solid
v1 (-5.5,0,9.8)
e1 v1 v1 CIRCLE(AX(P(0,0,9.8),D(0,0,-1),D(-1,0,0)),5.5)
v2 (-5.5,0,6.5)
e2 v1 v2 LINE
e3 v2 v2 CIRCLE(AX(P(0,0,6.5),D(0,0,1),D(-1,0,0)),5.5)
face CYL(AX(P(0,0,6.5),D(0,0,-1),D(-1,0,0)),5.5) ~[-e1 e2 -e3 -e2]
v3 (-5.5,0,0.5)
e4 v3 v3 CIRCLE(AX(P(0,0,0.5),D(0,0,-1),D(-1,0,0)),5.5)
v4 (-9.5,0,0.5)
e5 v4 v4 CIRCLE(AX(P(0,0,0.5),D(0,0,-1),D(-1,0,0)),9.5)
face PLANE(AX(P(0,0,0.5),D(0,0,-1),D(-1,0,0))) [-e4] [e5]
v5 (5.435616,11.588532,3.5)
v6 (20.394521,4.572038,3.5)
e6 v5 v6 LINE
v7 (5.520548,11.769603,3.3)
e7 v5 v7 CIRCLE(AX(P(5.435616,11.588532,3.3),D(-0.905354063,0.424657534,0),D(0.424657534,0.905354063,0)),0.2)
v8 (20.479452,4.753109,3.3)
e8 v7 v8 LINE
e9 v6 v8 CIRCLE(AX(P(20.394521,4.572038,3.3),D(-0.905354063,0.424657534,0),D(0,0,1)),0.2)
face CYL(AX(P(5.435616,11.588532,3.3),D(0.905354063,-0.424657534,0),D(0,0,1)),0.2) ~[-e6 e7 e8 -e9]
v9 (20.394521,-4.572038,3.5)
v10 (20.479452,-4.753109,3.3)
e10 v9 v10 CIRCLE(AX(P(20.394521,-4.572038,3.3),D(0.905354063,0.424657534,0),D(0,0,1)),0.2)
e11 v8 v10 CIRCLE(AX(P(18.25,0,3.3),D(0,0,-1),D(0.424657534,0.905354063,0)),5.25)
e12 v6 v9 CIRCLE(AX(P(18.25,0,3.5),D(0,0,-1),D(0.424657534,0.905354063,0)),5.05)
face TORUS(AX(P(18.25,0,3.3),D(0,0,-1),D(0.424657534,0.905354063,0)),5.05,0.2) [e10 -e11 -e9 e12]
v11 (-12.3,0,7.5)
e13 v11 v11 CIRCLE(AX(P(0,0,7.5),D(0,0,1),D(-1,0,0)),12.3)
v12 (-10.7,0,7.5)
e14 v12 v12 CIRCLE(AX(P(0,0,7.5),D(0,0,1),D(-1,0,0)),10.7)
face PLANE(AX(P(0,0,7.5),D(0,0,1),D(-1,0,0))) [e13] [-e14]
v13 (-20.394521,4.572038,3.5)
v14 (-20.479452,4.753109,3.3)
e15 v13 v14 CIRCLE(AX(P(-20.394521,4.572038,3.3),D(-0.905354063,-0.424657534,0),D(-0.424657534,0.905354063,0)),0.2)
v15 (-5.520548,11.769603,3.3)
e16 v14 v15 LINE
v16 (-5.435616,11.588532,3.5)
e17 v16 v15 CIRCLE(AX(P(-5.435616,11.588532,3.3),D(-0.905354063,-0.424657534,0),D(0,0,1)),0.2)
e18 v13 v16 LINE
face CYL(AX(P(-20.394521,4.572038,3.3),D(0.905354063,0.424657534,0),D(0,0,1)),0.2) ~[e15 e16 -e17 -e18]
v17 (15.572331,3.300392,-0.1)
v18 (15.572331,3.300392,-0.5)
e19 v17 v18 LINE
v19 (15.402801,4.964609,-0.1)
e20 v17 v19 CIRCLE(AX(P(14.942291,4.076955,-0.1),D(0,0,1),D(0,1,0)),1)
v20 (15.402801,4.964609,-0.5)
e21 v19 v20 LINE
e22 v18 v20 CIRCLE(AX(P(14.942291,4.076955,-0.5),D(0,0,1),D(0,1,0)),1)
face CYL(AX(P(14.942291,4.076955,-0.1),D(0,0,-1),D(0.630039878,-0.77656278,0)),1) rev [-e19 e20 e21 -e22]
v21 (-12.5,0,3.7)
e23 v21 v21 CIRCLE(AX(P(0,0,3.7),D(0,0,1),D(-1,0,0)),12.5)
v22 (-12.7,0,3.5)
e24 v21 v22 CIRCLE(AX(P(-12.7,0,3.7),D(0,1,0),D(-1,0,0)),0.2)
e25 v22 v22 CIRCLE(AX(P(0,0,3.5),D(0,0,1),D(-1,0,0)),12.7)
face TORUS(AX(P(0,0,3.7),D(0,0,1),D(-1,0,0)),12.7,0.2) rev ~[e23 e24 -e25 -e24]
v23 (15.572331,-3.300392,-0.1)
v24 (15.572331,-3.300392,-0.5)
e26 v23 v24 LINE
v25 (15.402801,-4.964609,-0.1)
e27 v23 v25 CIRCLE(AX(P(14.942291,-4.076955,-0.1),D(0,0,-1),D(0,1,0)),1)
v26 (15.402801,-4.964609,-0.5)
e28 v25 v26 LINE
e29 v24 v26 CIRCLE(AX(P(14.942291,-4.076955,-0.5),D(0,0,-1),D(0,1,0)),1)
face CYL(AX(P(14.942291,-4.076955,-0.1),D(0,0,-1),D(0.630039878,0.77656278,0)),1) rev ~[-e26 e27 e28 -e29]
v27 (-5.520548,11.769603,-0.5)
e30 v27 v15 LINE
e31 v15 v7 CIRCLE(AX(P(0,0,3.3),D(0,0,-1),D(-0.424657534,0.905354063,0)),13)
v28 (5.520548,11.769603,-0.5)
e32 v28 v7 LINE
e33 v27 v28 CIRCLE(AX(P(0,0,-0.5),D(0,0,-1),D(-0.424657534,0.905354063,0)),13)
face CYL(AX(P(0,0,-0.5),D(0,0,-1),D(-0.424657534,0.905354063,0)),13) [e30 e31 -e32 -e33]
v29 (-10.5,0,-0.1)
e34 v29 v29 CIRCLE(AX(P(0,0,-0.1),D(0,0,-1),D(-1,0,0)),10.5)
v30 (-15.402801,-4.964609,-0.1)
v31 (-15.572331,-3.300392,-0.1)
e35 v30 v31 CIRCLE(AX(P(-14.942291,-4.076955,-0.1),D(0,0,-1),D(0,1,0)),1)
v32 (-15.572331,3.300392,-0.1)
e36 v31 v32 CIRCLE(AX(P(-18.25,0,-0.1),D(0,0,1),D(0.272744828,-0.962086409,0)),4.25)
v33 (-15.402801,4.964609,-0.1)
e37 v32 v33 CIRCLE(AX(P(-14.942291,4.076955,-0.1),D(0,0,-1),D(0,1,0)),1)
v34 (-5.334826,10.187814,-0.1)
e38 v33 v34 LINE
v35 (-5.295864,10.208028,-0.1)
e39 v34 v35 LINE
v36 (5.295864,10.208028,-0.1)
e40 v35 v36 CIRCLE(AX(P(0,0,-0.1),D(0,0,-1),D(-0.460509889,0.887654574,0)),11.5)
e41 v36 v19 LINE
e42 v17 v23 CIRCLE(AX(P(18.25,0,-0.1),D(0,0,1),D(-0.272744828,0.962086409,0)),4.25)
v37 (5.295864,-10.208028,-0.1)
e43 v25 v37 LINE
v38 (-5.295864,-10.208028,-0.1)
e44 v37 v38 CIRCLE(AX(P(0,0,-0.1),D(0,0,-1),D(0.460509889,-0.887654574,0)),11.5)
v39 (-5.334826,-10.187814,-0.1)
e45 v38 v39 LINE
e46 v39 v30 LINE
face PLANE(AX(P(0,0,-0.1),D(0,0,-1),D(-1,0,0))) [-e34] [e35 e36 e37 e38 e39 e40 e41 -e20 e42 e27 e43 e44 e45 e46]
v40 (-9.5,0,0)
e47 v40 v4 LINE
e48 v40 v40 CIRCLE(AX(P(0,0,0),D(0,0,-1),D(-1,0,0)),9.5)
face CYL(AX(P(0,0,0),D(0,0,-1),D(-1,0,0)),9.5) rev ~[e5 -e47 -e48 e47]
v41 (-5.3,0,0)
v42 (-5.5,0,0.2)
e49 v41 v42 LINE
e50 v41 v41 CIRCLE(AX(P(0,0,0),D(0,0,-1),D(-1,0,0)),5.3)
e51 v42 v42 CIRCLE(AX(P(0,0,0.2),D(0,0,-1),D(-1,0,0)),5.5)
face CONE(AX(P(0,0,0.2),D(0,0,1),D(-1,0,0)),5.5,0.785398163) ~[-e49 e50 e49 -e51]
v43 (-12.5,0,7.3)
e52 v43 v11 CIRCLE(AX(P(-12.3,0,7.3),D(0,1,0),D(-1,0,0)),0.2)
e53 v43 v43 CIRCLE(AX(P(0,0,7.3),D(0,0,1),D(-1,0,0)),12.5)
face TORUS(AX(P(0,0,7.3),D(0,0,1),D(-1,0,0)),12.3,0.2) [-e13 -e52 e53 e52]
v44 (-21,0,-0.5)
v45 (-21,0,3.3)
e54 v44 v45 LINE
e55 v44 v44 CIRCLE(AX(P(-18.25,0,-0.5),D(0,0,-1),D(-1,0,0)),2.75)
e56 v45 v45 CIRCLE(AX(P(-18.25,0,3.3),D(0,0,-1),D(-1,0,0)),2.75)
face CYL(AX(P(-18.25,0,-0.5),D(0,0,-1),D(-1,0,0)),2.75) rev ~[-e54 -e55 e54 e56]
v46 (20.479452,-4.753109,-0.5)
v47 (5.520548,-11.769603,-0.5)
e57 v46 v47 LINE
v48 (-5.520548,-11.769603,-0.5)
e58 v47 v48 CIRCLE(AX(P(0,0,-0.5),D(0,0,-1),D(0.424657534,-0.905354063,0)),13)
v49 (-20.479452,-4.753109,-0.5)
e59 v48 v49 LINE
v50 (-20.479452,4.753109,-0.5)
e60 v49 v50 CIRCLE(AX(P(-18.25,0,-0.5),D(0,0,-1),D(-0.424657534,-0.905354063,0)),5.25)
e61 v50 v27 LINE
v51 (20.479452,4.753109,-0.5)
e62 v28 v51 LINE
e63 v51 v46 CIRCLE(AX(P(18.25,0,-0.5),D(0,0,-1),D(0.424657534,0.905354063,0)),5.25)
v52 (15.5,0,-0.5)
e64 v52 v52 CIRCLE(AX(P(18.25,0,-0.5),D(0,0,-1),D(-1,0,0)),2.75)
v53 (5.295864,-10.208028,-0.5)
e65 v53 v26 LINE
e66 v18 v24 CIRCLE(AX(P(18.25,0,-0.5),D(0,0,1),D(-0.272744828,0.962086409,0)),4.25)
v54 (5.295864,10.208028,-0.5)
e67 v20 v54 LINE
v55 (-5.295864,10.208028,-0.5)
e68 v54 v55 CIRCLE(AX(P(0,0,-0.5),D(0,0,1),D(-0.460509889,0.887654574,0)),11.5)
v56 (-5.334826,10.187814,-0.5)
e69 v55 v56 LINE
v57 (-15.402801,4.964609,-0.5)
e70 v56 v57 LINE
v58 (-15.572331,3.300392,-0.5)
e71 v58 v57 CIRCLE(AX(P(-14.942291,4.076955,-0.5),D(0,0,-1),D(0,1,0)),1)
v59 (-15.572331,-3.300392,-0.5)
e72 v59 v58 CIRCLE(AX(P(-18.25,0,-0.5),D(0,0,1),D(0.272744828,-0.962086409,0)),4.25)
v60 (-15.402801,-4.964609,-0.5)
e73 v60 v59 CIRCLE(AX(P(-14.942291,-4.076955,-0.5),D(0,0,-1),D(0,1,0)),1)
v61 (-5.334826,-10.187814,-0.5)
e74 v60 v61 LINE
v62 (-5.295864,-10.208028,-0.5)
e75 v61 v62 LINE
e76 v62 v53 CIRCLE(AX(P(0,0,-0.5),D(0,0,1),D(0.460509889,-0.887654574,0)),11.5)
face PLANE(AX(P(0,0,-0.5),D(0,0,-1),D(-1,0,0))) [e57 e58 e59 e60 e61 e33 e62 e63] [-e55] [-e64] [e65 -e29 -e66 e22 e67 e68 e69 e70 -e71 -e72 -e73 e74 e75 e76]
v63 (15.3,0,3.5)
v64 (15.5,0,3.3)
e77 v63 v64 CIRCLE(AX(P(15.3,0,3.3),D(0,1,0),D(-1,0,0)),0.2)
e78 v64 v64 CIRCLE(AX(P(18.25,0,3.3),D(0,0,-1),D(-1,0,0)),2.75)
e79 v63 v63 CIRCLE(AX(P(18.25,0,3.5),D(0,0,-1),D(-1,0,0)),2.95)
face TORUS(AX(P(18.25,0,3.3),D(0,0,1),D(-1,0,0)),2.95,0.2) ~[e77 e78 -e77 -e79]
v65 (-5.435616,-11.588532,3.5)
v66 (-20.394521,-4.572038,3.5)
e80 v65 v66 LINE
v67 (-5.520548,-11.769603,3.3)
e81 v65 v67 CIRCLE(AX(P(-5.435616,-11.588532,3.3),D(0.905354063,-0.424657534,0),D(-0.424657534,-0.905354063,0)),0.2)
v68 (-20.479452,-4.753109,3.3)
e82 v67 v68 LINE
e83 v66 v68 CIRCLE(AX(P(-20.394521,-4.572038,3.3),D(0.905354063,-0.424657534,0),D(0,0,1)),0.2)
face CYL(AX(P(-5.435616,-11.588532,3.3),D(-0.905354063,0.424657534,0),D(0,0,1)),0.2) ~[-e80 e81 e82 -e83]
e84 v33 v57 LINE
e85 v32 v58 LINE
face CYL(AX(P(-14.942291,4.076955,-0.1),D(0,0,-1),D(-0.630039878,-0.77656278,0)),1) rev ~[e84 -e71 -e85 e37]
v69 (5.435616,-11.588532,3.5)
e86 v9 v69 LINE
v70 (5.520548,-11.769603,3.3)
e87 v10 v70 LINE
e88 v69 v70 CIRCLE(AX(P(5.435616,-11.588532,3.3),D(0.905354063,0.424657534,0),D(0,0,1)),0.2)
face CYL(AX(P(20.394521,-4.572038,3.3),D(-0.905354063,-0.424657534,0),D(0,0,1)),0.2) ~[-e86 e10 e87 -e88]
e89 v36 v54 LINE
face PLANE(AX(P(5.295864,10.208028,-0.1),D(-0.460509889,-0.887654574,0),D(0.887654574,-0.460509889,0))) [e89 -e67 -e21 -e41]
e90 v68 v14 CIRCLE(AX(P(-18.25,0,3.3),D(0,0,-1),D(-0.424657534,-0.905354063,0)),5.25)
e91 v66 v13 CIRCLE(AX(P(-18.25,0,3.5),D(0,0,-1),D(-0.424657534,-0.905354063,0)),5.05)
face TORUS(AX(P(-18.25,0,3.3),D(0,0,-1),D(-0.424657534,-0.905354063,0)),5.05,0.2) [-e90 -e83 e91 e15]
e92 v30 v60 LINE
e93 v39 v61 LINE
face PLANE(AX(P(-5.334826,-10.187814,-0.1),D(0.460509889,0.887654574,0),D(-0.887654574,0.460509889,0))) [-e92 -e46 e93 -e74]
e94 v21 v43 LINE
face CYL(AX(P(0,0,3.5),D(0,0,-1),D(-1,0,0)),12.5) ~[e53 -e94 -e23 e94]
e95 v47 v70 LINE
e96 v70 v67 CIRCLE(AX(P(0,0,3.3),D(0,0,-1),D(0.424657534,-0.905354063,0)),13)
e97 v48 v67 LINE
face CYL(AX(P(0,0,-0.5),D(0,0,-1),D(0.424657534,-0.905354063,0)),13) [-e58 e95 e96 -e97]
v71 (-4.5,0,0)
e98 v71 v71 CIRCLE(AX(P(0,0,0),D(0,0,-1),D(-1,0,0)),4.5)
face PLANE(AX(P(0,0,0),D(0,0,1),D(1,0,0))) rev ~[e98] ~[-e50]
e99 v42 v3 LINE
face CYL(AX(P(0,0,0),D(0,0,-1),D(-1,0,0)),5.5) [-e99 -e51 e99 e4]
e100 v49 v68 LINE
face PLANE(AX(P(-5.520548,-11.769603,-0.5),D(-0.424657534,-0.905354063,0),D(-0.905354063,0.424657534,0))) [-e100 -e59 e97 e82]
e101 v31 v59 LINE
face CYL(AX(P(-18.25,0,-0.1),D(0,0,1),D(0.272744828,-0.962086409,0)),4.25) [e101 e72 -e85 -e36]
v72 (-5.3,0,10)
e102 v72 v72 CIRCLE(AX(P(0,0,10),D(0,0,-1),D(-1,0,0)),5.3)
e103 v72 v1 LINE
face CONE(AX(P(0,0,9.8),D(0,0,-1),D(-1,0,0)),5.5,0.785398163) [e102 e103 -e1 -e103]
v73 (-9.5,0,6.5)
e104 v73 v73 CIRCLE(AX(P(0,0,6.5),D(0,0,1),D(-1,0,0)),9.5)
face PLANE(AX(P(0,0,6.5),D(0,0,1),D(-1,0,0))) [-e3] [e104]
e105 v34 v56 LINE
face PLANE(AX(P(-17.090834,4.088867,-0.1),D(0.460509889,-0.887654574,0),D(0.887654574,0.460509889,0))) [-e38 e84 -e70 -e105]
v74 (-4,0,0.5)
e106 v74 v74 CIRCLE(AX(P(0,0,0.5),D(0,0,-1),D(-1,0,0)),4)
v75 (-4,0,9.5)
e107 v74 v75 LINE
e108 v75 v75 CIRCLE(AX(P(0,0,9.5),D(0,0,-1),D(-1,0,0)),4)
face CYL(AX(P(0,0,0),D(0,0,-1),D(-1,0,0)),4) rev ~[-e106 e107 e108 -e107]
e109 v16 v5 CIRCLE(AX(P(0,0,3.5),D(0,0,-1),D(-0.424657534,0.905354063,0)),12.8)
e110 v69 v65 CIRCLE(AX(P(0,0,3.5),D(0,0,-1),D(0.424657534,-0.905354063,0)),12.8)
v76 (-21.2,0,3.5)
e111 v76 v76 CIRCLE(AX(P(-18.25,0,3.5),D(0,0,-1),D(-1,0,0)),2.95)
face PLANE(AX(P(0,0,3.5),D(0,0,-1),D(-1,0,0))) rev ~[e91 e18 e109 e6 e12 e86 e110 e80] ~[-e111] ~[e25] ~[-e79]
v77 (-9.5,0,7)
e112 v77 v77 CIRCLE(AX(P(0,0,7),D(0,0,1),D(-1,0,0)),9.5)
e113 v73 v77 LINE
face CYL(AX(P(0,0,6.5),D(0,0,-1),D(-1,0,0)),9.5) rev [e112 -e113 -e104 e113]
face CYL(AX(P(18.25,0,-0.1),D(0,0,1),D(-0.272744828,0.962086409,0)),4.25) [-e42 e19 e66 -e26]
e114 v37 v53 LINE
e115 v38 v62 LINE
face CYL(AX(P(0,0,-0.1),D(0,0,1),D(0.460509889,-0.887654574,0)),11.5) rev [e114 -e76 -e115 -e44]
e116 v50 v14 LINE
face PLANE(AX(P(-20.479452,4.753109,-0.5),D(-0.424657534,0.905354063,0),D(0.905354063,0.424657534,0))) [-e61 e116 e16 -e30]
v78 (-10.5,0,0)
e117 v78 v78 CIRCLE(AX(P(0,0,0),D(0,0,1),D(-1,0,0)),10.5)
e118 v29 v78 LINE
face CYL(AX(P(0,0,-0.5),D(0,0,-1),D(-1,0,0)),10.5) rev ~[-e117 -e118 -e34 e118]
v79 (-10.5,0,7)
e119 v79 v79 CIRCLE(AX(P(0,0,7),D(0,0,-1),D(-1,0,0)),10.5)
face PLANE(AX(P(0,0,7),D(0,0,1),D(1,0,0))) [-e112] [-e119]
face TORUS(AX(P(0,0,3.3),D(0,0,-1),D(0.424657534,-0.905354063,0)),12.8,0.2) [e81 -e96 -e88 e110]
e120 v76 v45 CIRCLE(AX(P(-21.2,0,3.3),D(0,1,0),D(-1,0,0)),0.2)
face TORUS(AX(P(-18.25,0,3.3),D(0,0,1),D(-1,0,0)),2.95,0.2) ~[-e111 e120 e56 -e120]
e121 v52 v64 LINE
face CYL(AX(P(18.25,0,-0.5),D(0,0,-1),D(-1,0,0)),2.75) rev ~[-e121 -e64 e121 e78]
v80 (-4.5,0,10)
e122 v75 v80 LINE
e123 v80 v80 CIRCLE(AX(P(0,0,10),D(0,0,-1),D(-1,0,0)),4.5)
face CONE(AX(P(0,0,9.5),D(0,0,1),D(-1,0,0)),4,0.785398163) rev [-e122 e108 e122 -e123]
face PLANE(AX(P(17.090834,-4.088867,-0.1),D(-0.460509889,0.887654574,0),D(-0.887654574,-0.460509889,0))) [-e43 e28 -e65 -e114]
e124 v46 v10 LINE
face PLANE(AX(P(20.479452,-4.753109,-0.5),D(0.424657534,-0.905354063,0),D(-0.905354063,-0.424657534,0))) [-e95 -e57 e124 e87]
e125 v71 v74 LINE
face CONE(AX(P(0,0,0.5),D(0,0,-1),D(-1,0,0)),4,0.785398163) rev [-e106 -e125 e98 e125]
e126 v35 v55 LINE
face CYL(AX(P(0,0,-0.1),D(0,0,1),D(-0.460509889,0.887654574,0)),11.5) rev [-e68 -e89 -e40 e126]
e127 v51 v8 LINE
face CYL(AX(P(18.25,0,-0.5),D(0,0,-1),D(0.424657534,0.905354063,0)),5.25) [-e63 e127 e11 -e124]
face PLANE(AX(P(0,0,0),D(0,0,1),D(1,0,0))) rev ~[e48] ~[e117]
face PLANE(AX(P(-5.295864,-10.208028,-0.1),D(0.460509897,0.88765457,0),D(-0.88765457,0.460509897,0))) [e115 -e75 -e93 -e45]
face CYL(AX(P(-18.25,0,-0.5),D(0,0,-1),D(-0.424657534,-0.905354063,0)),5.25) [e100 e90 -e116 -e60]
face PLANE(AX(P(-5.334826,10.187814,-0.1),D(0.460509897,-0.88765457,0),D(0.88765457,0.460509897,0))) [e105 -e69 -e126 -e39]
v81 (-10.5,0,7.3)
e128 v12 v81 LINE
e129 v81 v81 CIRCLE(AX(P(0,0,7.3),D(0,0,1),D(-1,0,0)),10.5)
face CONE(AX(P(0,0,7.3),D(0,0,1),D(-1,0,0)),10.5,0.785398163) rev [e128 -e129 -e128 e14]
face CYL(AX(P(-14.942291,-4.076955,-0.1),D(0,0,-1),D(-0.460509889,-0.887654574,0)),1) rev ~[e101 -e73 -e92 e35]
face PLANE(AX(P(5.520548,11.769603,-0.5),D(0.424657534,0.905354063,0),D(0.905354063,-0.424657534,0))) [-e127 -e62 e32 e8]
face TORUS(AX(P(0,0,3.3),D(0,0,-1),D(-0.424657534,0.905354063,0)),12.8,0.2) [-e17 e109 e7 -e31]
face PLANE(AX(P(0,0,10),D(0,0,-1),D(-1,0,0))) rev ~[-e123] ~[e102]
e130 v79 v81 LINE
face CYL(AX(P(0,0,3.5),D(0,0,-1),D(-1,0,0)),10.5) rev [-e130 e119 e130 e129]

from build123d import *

# Parameters (mm, degrees)
SKETCH1_R               = 10.5
BOSS_EXTRUDE1_DEPTH     = 7
SKETCH2_R               = 9.5
SKETCH2_R_2             = 5.5
CUT_EXTRUDE1_DEPTH      = 0.5
SKETCH3_R               = 5.5
BOSS_EXTRUDE2_DEPTH     = 10
CUT_EXTRUDE2_REACH      = 19.903
SKETCH4_R               = 4
CUT_EXTRUDE3_START      = -0.5
SKETCH5_R               = 9.5
SKETCH5_R_2             = 5.5
CUT_EXTRUDE3_DEPTH      = 0.5
CHAMFER1_SIZE           = 0.5
CHAMFER2_SIZE           = 0.2
BOSS_EXTRUDE3_START     = 1
SKETCH6_R               = 2.75
SKETCH6_R_2             = 10.5
BOSS_EXTRUDE3_DEPTH     = 4
CUT_EXTRUDE4_DEPTH      = 29.835741711
CUT_EXTRUDE4_DEPTH_BACK = 0.4
SKETCH7_R               = 10.5
FILLET1_R               = 1
SKETCH8_R               = 12.5
SKETCH8_R_2             = 10.5
BOSS_EXTRUDE4_DEPTH     = 4
FILLET2_R               = 0.2
FILLET3_R               = 0.2
CHAMFER3_SIZE           = 0.2


with BuildPart() as part:
    # Sketch1 → Boss-Extrude1 (new body)
    with BuildSketch(Plane.XY):
        Circle(SKETCH1_R)
    extrude(amount=BOSS_EXTRUDE1_DEPTH)

    # Sketch2 → Cut-Extrude1 (cut)
    with BuildSketch(Plane(origin=(0, 0, 0), x_dir=(-1, 0, 0), z_dir=(0, 0, -1))):
        Circle(SKETCH2_R)
        Circle(SKETCH2_R_2, mode=Mode.SUBTRACT)
    extrude(amount=-CUT_EXTRUDE1_DEPTH, mode=Mode.SUBTRACT)

    # Sketch3 → Boss-Extrude2 (add)
    with BuildSketch(Plane(origin=(0, 0, 0), x_dir=(-1, 0, 0), z_dir=(0, 0, -1))):
        Circle(SKETCH3_R)
    extrude(amount=-BOSS_EXTRUDE2_DEPTH)

    # Sketch4 → Cut-Extrude2 (cut, up to next)
    with BuildSketch(Plane(origin=(0, 0, 0), x_dir=(-1, 0, 0), z_dir=(0, 0, -1)), mode=Mode.PRIVATE) as cut_extrude2_sk1:
        Circle(SKETCH4_R)
    cut_extrude2_tool1 = extrude(cut_extrude2_sk1.sketch, amount=-CUT_EXTRUDE2_REACH, mode=Mode.PRIVATE) & part.part
    add(cut_extrude2_tool1.solids().sort_by_distance((0, 0, 0))[0], mode=Mode.SUBTRACT)

    # Sketch5 → Cut-Extrude3 (cut)
    with BuildSketch(Plane.XY.offset(7).offset(CUT_EXTRUDE3_START)):
        with Locations(Location((0, 0, 0), (0, 0, 180))):
            Circle(SKETCH5_R)
        with Locations(Location((0, 0, 0), (0, 0, 180))):
            Circle(SKETCH5_R_2, mode=Mode.SUBTRACT)
    extrude(amount=CUT_EXTRUDE3_DEPTH, mode=Mode.SUBTRACT)

    # Chamfer1
    chamfer1_edges = [part.edges().sort_by_distance(p)[0] for p in [
        (4, 0, 0),
        (4, 0, 10),
    ]]
    chamfer(chamfer1_edges, length=CHAMFER1_SIZE)

    # Chamfer2
    chamfer2_edges = [part.edges().sort_by_distance(p)[0] for p in [
        (5.5, 0, 10),
        (5.5, 0, 0),
    ]]
    chamfer(chamfer2_edges, length=CHAMFER2_SIZE)

    # Sketch6 → Boss-Extrude3 (add)
    with BuildSketch(Plane(origin=(0, 0, 0.5), x_dir=(-1, 0, 0), z_dir=(0, 0, -1)).offset(BOSS_EXTRUDE3_START)):
        with BuildLine():
            Line((-5.520547945, 11.769602813), (-20.479452055, 4.753108828))
            ThreePointArc((-20.479452055, 4.753108828), (-23.5, 0), (-20.479452055, -4.753108828))
            Line((-20.479452055, -4.753108828), (-5.520547945, -11.769602813))
            ThreePointArc((-5.520547945, -11.769602813), (0, -13), (5.520547945, -11.769602813))
            Line((5.520547945, -11.769602813), (20.479452055, -4.753108828))
            ThreePointArc((20.479452055, -4.753108828), (23.5, 0), (20.479452055, 4.753108828))
            Line((20.479452055, 4.753108828), (5.520547945, 11.769602813))
            ThreePointArc((5.520547945, 11.769602813), (0, 13), (-5.520547945, 11.769602813))
        make_face()
        with Locations((-18.25, 0)):
            Circle(SKETCH6_R, mode=Mode.SUBTRACT)
        Circle(SKETCH6_R_2, mode=Mode.SUBTRACT)
        with Locations((18.25, 0)):
            Circle(SKETCH6_R, mode=Mode.SUBTRACT)
    extrude(amount=-BOSS_EXTRUDE3_DEPTH)

    # Sketch7 → Cut-Extrude4 (cut, two sides: drawn at the far end of the back side and taken through both)
    with BuildSketch(Plane(origin=(0, 0, -0.5), x_dir=(-1, 0, 0), z_dir=(0, 0, -1)).offset(-CUT_EXTRUDE4_DEPTH_BACK)):
        with BuildLine():
            Line((-5.295863726, 10.208027596), (-17.090834482, 4.08886724))
            ThreePointArc((-17.090834482, 4.08886724), (-14, 0), (-17.090834482, -4.08886724))
            Line((-17.090834482, -4.08886724), (-5.295863726, -10.208027596))
            ThreePointArc((-5.295863726, -10.208027596), (0, -11.5), (5.295863726, -10.208027596))
            Line((5.295863726, -10.208027596), (5.334826246, -10.187814073))
            Line((5.334826246, -10.187814073), (17.090834482, -4.08886724))
            ThreePointArc((17.090834482, -4.08886724), (14, 0), (17.090834482, 4.08886724))
            Line((17.090834482, 4.08886724), (5.334826246, 10.187814073))
            Line((5.334826246, 10.187814073), (5.295863726, 10.208027596))
            ThreePointArc((5.295863726, 10.208027596), (0, 11.5), (-5.295863726, 10.208027596))
        make_face()
        Circle(SKETCH7_R, mode=Mode.SUBTRACT)
    extrude(amount=CUT_EXTRUDE4_DEPTH + CUT_EXTRUDE4_DEPTH_BACK, mode=Mode.SUBTRACT)

    # Fillet1
    fillet1_edges = [part.edges().sort_by_distance(p)[0] for p in [
        (-17.090834482, 4.08886724, -0.3),
        (-17.090834482, -4.08886724, -0.3),
        (17.090834482, -4.08886724, -0.3),
        (17.090834482, 4.08886724, -0.3),
    ]]
    fillet(fillet1_edges, radius=FILLET1_R)

    # Sketch8 → Boss-Extrude4 (add)
    with BuildSketch(Plane.XY.offset(3.5)):
        with Locations(Location((0, 0, 0), (0, 0, 180))):
            Circle(SKETCH8_R)
        with Locations(Location((0, 0, 0), (0, 0, 180))):
            Circle(SKETCH8_R_2, mode=Mode.SUBTRACT)
    extrude(amount=BOSS_EXTRUDE4_DEPTH)

    # Fillet2
    fillet2_edges = [part.edges().sort_by_distance(p)[0] for p in [
        (12.5, 0, 7.5),
    ]]
    fillet(fillet2_edges, radius=FILLET2_R)

    # Fillet3
    fillet3_edges = [part.edges().sort_by_distance(p)[0] for p in [
        (12.5, 0, 3.5),
        (13, -8.261355821, 3.5),
        (23.5, 0, 3.5),
        (-13, 8.261355821, 3.5),
        (-15.5, 0, 3.5),
        (0, -13, 3.5),
        (21, 0, 3.5),
        (13, 8.261355821, 3.5),
        (0, 13, 3.5),
        (-23.5, 0, 3.5),
        (-13, -8.261355821, 3.5),
    ]]
    fillet(fillet3_edges, radius=FILLET3_R)

    # Chamfer3
    chamfer3_edges = [part.edges().sort_by_distance(p)[0] for p in [
        (10.5, 0, 7.5),
    ]]
    chamfer(chamfer3_edges, length=CHAMFER3_SIZE)


solid = part.part
